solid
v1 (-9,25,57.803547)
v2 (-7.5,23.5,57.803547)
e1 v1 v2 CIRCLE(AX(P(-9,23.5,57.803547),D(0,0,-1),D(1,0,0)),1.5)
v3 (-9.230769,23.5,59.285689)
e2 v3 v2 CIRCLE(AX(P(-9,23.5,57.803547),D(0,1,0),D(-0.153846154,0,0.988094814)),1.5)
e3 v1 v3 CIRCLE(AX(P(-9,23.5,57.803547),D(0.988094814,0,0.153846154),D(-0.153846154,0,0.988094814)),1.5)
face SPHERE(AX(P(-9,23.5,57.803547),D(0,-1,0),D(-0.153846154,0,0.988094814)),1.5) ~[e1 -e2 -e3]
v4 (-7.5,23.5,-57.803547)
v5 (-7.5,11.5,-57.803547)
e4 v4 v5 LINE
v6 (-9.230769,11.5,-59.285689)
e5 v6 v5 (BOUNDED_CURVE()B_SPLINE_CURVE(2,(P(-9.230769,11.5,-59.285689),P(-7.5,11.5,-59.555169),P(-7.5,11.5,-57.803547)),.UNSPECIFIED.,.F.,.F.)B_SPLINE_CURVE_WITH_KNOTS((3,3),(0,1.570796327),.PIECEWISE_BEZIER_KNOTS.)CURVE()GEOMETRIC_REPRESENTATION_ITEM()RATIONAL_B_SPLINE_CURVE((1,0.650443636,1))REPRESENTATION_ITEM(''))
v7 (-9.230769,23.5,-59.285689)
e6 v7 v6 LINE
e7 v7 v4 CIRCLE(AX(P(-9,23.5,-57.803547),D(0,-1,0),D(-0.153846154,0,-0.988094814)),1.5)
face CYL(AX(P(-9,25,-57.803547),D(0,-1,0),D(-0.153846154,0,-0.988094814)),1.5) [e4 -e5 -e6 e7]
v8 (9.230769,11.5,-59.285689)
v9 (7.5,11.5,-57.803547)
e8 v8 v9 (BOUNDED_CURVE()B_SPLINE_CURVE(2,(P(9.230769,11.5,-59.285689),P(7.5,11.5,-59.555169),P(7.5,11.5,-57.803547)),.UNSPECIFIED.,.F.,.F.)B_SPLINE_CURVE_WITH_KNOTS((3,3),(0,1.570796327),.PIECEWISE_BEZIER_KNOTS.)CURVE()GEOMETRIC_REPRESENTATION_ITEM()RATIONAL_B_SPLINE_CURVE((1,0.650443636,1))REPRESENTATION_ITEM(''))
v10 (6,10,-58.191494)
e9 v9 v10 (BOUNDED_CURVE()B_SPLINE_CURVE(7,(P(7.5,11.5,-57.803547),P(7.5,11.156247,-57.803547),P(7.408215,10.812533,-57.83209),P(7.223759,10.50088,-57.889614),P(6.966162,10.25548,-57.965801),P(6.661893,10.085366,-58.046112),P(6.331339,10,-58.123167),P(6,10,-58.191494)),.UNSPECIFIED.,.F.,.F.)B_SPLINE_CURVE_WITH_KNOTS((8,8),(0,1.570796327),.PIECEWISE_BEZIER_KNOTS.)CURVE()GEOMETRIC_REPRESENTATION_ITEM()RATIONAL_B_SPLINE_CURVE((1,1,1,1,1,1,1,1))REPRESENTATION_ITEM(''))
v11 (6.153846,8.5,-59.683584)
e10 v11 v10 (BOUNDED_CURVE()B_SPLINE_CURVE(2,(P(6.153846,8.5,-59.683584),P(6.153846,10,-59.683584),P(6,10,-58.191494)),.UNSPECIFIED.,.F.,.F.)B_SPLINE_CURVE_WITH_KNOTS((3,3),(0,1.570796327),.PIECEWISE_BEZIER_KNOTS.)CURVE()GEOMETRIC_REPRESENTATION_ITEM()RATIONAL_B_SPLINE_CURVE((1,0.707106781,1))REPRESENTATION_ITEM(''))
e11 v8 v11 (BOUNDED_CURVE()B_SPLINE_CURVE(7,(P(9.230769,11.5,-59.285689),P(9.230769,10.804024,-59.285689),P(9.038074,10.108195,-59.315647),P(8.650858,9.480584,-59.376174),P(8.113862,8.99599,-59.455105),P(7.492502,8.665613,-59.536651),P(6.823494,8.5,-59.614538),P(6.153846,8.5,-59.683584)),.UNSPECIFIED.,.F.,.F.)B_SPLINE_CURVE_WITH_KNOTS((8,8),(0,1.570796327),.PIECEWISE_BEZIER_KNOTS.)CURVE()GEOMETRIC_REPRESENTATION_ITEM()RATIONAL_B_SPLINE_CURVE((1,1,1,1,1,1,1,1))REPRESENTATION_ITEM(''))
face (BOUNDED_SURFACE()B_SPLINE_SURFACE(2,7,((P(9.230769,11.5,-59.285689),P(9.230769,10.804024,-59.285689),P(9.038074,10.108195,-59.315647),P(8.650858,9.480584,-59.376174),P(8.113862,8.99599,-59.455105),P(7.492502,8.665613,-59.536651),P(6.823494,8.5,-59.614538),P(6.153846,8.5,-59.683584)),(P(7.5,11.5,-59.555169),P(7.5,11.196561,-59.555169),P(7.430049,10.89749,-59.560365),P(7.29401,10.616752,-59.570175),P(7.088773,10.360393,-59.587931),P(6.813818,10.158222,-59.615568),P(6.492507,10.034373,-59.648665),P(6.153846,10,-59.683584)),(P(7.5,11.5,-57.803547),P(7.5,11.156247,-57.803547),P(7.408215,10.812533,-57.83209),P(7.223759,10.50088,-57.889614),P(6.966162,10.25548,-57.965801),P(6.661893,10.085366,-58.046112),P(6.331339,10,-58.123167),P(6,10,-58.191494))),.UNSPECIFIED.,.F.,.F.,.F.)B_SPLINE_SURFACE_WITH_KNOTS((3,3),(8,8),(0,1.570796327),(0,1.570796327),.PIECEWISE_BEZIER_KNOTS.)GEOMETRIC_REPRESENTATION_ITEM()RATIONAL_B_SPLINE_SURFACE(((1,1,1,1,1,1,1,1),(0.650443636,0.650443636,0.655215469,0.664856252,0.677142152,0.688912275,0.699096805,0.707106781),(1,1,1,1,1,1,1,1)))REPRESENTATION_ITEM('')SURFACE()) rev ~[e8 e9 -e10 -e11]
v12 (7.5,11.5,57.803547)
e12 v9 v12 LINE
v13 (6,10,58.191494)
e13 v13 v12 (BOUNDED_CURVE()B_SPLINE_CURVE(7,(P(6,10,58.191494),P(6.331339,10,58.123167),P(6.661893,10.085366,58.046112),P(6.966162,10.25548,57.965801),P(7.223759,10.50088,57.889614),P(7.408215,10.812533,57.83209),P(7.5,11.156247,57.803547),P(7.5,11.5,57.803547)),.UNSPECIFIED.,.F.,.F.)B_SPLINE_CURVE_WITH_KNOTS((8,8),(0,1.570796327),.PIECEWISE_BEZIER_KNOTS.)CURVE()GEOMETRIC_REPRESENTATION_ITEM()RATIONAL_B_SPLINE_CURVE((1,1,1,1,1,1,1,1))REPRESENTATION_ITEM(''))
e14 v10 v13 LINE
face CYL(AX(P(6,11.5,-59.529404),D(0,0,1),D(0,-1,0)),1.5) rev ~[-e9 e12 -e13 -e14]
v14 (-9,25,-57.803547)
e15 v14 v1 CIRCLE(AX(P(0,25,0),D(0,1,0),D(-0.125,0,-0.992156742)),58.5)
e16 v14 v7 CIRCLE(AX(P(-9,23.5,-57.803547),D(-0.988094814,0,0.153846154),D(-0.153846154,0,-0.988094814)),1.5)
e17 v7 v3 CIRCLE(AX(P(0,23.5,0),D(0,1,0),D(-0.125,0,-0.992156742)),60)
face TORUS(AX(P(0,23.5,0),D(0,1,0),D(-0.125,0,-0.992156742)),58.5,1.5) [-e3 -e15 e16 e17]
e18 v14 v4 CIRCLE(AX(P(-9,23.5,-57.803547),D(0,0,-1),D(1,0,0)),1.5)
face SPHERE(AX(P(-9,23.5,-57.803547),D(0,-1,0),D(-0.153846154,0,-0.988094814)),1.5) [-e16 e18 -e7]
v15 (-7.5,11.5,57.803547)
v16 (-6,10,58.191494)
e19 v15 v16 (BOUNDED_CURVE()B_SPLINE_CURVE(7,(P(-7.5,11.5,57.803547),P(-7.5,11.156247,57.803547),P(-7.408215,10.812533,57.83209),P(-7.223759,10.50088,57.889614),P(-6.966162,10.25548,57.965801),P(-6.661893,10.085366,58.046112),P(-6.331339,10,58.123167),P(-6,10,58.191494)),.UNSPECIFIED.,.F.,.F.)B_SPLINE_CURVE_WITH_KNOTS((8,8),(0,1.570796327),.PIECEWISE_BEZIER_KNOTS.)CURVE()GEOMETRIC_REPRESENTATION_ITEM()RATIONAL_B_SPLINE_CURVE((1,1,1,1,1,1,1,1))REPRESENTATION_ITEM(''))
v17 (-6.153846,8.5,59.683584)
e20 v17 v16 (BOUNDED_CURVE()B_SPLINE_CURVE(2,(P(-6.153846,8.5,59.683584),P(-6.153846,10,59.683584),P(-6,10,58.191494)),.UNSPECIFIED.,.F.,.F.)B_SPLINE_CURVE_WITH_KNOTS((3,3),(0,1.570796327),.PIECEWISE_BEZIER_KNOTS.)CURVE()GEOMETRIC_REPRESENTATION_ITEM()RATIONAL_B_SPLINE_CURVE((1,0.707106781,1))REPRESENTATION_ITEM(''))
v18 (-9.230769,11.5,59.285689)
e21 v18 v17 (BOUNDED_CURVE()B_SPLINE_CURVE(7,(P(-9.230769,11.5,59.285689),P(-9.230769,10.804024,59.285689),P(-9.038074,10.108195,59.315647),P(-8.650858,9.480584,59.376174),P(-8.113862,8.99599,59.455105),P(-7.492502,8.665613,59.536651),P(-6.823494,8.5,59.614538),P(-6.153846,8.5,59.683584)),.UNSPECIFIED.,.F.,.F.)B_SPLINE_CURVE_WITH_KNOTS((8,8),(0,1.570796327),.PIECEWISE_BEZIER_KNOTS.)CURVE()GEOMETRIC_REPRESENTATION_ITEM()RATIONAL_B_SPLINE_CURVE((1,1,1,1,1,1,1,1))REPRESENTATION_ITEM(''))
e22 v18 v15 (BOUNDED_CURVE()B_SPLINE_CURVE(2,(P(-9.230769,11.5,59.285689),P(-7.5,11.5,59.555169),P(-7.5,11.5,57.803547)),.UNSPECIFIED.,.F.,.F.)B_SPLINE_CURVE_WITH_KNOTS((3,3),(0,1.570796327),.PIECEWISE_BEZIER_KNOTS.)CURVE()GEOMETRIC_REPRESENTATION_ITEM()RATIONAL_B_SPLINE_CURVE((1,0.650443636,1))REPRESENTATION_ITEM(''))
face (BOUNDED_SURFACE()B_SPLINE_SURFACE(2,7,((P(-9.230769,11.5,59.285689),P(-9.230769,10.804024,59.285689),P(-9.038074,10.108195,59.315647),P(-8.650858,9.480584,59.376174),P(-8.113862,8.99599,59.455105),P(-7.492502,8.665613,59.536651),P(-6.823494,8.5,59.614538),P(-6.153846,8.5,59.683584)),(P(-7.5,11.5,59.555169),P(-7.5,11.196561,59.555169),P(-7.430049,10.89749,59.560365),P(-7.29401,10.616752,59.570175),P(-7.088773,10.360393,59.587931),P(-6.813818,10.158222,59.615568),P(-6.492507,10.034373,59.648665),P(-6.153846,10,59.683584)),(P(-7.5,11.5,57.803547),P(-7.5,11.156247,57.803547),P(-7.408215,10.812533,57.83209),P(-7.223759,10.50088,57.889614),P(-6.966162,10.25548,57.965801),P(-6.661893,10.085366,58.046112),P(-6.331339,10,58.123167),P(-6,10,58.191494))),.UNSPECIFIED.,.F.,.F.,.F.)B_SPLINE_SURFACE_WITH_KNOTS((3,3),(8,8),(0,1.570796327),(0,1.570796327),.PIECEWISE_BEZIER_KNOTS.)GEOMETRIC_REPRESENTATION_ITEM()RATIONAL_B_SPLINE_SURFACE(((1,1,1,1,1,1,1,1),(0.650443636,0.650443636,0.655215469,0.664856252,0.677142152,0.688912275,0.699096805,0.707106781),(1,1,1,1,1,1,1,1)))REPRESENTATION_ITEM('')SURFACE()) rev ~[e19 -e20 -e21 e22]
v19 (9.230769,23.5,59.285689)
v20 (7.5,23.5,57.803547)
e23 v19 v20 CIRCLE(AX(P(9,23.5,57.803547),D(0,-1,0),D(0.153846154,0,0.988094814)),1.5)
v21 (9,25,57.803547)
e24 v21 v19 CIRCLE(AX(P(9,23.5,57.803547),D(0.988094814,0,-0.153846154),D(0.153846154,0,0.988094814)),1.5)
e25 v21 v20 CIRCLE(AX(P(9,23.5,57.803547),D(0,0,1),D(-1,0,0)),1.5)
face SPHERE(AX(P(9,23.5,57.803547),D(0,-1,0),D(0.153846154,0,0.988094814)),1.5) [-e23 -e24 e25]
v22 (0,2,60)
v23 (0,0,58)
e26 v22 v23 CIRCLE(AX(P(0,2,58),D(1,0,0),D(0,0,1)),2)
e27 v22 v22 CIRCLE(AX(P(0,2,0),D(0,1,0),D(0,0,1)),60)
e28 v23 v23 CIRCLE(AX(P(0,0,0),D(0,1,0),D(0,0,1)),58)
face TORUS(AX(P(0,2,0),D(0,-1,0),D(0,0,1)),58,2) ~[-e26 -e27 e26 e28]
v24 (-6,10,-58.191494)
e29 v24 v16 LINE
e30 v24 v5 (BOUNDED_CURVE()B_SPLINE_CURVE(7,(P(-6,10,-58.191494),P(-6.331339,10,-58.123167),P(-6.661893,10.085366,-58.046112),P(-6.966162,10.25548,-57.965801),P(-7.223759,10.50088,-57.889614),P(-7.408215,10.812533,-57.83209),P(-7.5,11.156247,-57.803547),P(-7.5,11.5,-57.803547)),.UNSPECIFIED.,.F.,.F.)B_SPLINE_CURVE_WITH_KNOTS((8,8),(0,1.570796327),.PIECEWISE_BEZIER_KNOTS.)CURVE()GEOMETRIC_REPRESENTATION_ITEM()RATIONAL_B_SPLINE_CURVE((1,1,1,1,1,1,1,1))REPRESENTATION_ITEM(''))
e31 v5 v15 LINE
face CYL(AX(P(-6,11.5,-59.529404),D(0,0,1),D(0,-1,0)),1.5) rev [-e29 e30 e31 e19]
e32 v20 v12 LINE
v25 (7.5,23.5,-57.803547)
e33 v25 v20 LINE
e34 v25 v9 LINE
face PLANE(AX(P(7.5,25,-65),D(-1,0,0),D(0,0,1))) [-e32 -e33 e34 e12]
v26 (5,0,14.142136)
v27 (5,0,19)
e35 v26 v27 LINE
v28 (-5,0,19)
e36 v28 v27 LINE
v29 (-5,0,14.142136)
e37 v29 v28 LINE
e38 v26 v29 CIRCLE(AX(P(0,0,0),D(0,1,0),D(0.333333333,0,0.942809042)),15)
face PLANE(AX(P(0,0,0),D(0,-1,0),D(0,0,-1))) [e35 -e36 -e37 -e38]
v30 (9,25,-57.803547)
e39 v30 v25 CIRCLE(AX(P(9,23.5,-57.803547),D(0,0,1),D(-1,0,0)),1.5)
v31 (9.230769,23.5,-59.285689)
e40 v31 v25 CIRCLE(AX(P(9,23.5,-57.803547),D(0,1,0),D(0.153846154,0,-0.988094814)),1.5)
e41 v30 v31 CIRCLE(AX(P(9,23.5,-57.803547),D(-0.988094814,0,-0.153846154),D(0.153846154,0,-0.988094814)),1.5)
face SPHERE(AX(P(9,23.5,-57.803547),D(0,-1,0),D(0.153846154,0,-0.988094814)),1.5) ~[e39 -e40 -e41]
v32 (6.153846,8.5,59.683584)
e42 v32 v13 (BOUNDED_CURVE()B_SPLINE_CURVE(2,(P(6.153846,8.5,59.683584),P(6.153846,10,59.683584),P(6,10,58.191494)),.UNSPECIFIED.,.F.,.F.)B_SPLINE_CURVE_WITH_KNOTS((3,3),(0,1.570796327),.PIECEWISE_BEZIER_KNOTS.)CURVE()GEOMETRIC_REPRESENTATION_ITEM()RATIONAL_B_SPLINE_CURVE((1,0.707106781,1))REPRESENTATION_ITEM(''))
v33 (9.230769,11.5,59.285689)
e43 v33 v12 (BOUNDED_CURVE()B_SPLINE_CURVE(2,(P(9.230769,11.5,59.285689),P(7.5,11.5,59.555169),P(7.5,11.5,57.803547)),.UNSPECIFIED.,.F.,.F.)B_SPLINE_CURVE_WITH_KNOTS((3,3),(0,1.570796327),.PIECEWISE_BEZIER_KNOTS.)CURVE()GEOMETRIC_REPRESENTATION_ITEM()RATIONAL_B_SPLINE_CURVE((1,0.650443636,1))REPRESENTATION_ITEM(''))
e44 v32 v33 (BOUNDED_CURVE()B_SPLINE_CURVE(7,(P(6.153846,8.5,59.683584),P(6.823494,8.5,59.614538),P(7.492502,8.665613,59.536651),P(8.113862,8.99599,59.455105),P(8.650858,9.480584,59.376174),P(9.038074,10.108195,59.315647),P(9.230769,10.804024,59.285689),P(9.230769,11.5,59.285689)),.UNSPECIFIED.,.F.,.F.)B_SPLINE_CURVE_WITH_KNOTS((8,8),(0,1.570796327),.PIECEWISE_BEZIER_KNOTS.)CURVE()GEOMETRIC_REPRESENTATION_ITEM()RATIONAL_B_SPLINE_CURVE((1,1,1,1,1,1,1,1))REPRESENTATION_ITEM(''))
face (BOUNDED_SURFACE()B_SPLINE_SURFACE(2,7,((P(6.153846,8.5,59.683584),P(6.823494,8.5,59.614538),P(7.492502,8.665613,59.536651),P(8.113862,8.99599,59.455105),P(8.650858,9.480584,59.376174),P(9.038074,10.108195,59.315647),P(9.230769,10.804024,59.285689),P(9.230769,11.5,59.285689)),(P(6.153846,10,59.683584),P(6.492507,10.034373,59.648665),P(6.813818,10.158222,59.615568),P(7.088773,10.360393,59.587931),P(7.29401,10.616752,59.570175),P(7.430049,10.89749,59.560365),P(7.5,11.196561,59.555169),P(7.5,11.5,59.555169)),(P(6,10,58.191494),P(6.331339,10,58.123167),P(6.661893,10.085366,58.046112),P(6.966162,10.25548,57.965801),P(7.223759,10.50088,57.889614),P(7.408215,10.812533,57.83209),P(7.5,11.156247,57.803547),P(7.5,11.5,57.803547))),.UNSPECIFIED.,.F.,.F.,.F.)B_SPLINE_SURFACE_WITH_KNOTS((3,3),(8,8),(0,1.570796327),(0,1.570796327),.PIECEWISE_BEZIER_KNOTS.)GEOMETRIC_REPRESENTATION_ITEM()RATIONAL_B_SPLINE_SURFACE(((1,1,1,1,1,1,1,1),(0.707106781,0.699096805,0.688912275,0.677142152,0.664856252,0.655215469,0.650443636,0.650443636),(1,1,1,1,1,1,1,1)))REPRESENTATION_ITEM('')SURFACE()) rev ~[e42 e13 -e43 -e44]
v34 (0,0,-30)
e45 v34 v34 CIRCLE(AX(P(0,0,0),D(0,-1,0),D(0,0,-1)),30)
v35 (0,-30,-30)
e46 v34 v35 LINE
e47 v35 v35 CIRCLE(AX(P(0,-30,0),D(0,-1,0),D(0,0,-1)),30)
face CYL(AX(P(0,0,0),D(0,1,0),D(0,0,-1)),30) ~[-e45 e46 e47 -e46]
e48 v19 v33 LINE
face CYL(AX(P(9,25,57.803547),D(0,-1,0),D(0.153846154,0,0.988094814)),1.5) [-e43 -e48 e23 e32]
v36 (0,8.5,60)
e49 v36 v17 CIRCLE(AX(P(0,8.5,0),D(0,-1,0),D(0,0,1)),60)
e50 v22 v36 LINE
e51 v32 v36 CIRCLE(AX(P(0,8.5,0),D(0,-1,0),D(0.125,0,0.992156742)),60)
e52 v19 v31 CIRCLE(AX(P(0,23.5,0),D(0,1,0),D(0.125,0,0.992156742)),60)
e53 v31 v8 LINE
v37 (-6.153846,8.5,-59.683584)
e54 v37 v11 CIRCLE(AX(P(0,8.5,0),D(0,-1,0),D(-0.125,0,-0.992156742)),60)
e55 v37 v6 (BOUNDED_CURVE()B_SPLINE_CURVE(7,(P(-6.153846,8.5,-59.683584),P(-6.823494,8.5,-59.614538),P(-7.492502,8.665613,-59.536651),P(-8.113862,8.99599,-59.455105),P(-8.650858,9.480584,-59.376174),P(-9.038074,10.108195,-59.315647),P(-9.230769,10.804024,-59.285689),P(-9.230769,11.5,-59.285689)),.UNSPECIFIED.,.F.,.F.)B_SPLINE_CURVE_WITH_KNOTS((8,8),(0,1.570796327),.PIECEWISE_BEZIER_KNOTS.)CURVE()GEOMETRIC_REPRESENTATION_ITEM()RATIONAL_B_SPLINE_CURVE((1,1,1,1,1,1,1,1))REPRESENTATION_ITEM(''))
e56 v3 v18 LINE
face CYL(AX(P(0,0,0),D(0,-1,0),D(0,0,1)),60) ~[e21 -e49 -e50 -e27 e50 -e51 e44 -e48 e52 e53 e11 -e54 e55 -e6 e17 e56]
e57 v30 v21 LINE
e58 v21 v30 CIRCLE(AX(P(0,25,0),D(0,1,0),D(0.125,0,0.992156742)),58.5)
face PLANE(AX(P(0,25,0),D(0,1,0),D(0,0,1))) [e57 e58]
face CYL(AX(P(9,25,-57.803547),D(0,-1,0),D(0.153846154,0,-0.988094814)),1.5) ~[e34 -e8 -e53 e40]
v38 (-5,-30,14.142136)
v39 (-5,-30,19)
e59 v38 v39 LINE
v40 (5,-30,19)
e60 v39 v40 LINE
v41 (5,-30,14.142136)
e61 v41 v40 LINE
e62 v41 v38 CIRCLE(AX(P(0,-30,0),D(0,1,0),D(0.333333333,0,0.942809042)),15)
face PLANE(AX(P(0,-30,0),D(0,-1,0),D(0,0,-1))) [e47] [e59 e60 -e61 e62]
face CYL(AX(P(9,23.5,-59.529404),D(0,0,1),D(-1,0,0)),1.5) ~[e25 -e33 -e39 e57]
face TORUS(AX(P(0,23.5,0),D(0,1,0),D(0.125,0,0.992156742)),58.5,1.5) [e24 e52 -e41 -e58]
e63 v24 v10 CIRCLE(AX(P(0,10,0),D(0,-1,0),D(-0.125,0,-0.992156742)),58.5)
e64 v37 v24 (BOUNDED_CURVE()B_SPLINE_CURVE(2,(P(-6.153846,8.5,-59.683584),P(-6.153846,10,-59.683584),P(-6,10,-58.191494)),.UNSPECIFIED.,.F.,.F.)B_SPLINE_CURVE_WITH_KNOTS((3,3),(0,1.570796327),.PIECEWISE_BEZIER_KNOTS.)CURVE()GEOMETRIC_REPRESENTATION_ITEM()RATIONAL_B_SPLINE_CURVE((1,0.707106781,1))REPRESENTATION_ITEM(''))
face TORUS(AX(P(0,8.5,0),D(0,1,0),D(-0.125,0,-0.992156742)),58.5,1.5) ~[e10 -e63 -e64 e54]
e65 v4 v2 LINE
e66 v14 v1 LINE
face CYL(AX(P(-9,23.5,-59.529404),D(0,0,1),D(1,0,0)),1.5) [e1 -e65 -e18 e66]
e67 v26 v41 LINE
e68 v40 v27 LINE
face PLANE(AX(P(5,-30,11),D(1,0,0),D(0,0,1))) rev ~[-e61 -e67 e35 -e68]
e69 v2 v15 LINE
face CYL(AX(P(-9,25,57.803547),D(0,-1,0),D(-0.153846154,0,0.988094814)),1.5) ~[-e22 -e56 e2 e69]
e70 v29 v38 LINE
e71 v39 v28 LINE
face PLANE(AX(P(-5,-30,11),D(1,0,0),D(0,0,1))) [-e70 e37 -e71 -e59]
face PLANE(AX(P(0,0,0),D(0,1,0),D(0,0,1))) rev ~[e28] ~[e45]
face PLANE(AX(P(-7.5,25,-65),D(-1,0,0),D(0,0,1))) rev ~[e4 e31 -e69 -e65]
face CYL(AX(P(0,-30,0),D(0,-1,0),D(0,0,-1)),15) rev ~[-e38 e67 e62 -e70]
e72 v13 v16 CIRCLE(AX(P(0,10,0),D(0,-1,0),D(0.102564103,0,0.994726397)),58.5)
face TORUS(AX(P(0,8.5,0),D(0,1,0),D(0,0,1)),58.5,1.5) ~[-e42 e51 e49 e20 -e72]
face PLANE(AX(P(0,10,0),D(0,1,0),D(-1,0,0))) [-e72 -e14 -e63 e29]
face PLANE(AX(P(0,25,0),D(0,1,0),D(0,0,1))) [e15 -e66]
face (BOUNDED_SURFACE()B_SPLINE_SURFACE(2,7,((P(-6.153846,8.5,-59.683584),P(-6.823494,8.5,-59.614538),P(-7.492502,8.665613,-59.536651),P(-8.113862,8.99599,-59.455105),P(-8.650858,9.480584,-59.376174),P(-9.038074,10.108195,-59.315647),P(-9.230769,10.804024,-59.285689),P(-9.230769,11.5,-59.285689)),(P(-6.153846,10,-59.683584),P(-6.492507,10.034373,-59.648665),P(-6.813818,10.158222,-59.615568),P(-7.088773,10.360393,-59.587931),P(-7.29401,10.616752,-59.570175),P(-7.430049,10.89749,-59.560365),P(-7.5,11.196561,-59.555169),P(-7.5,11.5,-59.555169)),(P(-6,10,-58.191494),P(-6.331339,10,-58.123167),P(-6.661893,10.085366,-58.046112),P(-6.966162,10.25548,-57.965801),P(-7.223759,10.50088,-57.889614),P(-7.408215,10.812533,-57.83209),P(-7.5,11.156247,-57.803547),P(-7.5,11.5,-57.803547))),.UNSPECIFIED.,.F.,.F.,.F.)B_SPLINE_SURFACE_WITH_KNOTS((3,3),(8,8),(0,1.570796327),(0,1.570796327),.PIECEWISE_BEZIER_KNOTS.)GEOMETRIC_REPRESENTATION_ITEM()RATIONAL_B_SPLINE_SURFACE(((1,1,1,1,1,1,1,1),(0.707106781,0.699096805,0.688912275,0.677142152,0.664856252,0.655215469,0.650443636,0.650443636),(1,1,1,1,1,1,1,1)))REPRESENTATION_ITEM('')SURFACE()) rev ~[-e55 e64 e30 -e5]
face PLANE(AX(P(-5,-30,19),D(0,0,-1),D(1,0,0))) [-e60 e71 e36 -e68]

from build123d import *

# Parameters (mm, degrees)
SKETCH2_R           = 60
BOSS_EXTRUDE1_DEPTH = 25
SKETCH3_R           = 30
BOSS_EXTRUDE2_DEPTH = 30
SKETCH4_R           = 15
CUT_EXTRUDE1_DEPTH  = 30
SKETCH5_W           = 10
SKETCH5_H           = 8
CUT_EXTRUDE2_DEPTH  = 30
SKETCH6_W           = 15
SKETCH6_H           = 130
CUT_EXTRUDE3_DEPTH  = 15
FILLET1_R           = 2
FILLET2_R           = 1.5


with BuildPart() as part:
    # Sketch2 → Boss-Extrude1 (new body)
    with BuildSketch(Plane(origin=(0, 0, 0), x_dir=(-1, 0, 0), z_dir=(0, 1, 0))):
        with Locations(Location((0, 0, 0), (0, 0, 90))):
            Circle(SKETCH2_R)
    extrude(amount=BOSS_EXTRUDE1_DEPTH)

    # Sketch3 → Boss-Extrude2 (add)
    with BuildSketch(Plane.XZ):
        with Locations(Location((0, 0, 0), (0, 0, 270))):
            Circle(SKETCH3_R)
    extrude(amount=BOSS_EXTRUDE2_DEPTH)

    # Sketch4 → Cut-Extrude1 (cut)
    with BuildSketch(Plane.XZ.offset(30)):
        with Locations(Location((0, 0, 0), (0, 0, 270))):
            Circle(SKETCH4_R)
    extrude(amount=-CUT_EXTRUDE1_DEPTH, mode=Mode.SUBTRACT)

    # Sketch5 → Cut-Extrude2 (cut)
    with BuildSketch(Plane.XZ.offset(30)):
        with Locations((0, 15)):
            Rectangle(SKETCH5_W, SKETCH5_H)
    extrude(amount=-CUT_EXTRUDE2_DEPTH, mode=Mode.SUBTRACT)

    # Sketch6 → Cut-Extrude3 (cut)
    with BuildSketch(Plane(origin=(0, 25, 0), x_dir=(-1, 0, 0), z_dir=(0, 1, 0))):
        Rectangle(SKETCH6_W, SKETCH6_H)
    extrude(amount=-CUT_EXTRUDE3_DEPTH, mode=Mode.SUBTRACT)

    # Fillet1
    fillet1_edges = [part.edges().sort_by_distance(p)[0] for p in [
        (0, 0, -60),
    ]]
    fillet(fillet1_edges, radius=FILLET1_R)

    # Fillet2
    fillet2_edges = [part.edges().sort_by_distance(p)[0] for p in [
        (-60, 25, 0),
        (7.5, 25, 0),
        (-7.5, 25, 0),
        (0, 10, -60),
        (3.757374753, 10, 59.882235554),
        (-7.5, 17.5, -59.529404499),
        (-7.5, 10, 0),
        (-7.5, 17.5, 59.529404499),
        (7.5, 17.5, 59.529404499),
        (7.5, 10, 0),
        (7.5, 17.5, -59.529404499),
        (60, 25, 0),
    ]]
    fillet(fillet2_edges, radius=FILLET2_R)


solid = part.part
